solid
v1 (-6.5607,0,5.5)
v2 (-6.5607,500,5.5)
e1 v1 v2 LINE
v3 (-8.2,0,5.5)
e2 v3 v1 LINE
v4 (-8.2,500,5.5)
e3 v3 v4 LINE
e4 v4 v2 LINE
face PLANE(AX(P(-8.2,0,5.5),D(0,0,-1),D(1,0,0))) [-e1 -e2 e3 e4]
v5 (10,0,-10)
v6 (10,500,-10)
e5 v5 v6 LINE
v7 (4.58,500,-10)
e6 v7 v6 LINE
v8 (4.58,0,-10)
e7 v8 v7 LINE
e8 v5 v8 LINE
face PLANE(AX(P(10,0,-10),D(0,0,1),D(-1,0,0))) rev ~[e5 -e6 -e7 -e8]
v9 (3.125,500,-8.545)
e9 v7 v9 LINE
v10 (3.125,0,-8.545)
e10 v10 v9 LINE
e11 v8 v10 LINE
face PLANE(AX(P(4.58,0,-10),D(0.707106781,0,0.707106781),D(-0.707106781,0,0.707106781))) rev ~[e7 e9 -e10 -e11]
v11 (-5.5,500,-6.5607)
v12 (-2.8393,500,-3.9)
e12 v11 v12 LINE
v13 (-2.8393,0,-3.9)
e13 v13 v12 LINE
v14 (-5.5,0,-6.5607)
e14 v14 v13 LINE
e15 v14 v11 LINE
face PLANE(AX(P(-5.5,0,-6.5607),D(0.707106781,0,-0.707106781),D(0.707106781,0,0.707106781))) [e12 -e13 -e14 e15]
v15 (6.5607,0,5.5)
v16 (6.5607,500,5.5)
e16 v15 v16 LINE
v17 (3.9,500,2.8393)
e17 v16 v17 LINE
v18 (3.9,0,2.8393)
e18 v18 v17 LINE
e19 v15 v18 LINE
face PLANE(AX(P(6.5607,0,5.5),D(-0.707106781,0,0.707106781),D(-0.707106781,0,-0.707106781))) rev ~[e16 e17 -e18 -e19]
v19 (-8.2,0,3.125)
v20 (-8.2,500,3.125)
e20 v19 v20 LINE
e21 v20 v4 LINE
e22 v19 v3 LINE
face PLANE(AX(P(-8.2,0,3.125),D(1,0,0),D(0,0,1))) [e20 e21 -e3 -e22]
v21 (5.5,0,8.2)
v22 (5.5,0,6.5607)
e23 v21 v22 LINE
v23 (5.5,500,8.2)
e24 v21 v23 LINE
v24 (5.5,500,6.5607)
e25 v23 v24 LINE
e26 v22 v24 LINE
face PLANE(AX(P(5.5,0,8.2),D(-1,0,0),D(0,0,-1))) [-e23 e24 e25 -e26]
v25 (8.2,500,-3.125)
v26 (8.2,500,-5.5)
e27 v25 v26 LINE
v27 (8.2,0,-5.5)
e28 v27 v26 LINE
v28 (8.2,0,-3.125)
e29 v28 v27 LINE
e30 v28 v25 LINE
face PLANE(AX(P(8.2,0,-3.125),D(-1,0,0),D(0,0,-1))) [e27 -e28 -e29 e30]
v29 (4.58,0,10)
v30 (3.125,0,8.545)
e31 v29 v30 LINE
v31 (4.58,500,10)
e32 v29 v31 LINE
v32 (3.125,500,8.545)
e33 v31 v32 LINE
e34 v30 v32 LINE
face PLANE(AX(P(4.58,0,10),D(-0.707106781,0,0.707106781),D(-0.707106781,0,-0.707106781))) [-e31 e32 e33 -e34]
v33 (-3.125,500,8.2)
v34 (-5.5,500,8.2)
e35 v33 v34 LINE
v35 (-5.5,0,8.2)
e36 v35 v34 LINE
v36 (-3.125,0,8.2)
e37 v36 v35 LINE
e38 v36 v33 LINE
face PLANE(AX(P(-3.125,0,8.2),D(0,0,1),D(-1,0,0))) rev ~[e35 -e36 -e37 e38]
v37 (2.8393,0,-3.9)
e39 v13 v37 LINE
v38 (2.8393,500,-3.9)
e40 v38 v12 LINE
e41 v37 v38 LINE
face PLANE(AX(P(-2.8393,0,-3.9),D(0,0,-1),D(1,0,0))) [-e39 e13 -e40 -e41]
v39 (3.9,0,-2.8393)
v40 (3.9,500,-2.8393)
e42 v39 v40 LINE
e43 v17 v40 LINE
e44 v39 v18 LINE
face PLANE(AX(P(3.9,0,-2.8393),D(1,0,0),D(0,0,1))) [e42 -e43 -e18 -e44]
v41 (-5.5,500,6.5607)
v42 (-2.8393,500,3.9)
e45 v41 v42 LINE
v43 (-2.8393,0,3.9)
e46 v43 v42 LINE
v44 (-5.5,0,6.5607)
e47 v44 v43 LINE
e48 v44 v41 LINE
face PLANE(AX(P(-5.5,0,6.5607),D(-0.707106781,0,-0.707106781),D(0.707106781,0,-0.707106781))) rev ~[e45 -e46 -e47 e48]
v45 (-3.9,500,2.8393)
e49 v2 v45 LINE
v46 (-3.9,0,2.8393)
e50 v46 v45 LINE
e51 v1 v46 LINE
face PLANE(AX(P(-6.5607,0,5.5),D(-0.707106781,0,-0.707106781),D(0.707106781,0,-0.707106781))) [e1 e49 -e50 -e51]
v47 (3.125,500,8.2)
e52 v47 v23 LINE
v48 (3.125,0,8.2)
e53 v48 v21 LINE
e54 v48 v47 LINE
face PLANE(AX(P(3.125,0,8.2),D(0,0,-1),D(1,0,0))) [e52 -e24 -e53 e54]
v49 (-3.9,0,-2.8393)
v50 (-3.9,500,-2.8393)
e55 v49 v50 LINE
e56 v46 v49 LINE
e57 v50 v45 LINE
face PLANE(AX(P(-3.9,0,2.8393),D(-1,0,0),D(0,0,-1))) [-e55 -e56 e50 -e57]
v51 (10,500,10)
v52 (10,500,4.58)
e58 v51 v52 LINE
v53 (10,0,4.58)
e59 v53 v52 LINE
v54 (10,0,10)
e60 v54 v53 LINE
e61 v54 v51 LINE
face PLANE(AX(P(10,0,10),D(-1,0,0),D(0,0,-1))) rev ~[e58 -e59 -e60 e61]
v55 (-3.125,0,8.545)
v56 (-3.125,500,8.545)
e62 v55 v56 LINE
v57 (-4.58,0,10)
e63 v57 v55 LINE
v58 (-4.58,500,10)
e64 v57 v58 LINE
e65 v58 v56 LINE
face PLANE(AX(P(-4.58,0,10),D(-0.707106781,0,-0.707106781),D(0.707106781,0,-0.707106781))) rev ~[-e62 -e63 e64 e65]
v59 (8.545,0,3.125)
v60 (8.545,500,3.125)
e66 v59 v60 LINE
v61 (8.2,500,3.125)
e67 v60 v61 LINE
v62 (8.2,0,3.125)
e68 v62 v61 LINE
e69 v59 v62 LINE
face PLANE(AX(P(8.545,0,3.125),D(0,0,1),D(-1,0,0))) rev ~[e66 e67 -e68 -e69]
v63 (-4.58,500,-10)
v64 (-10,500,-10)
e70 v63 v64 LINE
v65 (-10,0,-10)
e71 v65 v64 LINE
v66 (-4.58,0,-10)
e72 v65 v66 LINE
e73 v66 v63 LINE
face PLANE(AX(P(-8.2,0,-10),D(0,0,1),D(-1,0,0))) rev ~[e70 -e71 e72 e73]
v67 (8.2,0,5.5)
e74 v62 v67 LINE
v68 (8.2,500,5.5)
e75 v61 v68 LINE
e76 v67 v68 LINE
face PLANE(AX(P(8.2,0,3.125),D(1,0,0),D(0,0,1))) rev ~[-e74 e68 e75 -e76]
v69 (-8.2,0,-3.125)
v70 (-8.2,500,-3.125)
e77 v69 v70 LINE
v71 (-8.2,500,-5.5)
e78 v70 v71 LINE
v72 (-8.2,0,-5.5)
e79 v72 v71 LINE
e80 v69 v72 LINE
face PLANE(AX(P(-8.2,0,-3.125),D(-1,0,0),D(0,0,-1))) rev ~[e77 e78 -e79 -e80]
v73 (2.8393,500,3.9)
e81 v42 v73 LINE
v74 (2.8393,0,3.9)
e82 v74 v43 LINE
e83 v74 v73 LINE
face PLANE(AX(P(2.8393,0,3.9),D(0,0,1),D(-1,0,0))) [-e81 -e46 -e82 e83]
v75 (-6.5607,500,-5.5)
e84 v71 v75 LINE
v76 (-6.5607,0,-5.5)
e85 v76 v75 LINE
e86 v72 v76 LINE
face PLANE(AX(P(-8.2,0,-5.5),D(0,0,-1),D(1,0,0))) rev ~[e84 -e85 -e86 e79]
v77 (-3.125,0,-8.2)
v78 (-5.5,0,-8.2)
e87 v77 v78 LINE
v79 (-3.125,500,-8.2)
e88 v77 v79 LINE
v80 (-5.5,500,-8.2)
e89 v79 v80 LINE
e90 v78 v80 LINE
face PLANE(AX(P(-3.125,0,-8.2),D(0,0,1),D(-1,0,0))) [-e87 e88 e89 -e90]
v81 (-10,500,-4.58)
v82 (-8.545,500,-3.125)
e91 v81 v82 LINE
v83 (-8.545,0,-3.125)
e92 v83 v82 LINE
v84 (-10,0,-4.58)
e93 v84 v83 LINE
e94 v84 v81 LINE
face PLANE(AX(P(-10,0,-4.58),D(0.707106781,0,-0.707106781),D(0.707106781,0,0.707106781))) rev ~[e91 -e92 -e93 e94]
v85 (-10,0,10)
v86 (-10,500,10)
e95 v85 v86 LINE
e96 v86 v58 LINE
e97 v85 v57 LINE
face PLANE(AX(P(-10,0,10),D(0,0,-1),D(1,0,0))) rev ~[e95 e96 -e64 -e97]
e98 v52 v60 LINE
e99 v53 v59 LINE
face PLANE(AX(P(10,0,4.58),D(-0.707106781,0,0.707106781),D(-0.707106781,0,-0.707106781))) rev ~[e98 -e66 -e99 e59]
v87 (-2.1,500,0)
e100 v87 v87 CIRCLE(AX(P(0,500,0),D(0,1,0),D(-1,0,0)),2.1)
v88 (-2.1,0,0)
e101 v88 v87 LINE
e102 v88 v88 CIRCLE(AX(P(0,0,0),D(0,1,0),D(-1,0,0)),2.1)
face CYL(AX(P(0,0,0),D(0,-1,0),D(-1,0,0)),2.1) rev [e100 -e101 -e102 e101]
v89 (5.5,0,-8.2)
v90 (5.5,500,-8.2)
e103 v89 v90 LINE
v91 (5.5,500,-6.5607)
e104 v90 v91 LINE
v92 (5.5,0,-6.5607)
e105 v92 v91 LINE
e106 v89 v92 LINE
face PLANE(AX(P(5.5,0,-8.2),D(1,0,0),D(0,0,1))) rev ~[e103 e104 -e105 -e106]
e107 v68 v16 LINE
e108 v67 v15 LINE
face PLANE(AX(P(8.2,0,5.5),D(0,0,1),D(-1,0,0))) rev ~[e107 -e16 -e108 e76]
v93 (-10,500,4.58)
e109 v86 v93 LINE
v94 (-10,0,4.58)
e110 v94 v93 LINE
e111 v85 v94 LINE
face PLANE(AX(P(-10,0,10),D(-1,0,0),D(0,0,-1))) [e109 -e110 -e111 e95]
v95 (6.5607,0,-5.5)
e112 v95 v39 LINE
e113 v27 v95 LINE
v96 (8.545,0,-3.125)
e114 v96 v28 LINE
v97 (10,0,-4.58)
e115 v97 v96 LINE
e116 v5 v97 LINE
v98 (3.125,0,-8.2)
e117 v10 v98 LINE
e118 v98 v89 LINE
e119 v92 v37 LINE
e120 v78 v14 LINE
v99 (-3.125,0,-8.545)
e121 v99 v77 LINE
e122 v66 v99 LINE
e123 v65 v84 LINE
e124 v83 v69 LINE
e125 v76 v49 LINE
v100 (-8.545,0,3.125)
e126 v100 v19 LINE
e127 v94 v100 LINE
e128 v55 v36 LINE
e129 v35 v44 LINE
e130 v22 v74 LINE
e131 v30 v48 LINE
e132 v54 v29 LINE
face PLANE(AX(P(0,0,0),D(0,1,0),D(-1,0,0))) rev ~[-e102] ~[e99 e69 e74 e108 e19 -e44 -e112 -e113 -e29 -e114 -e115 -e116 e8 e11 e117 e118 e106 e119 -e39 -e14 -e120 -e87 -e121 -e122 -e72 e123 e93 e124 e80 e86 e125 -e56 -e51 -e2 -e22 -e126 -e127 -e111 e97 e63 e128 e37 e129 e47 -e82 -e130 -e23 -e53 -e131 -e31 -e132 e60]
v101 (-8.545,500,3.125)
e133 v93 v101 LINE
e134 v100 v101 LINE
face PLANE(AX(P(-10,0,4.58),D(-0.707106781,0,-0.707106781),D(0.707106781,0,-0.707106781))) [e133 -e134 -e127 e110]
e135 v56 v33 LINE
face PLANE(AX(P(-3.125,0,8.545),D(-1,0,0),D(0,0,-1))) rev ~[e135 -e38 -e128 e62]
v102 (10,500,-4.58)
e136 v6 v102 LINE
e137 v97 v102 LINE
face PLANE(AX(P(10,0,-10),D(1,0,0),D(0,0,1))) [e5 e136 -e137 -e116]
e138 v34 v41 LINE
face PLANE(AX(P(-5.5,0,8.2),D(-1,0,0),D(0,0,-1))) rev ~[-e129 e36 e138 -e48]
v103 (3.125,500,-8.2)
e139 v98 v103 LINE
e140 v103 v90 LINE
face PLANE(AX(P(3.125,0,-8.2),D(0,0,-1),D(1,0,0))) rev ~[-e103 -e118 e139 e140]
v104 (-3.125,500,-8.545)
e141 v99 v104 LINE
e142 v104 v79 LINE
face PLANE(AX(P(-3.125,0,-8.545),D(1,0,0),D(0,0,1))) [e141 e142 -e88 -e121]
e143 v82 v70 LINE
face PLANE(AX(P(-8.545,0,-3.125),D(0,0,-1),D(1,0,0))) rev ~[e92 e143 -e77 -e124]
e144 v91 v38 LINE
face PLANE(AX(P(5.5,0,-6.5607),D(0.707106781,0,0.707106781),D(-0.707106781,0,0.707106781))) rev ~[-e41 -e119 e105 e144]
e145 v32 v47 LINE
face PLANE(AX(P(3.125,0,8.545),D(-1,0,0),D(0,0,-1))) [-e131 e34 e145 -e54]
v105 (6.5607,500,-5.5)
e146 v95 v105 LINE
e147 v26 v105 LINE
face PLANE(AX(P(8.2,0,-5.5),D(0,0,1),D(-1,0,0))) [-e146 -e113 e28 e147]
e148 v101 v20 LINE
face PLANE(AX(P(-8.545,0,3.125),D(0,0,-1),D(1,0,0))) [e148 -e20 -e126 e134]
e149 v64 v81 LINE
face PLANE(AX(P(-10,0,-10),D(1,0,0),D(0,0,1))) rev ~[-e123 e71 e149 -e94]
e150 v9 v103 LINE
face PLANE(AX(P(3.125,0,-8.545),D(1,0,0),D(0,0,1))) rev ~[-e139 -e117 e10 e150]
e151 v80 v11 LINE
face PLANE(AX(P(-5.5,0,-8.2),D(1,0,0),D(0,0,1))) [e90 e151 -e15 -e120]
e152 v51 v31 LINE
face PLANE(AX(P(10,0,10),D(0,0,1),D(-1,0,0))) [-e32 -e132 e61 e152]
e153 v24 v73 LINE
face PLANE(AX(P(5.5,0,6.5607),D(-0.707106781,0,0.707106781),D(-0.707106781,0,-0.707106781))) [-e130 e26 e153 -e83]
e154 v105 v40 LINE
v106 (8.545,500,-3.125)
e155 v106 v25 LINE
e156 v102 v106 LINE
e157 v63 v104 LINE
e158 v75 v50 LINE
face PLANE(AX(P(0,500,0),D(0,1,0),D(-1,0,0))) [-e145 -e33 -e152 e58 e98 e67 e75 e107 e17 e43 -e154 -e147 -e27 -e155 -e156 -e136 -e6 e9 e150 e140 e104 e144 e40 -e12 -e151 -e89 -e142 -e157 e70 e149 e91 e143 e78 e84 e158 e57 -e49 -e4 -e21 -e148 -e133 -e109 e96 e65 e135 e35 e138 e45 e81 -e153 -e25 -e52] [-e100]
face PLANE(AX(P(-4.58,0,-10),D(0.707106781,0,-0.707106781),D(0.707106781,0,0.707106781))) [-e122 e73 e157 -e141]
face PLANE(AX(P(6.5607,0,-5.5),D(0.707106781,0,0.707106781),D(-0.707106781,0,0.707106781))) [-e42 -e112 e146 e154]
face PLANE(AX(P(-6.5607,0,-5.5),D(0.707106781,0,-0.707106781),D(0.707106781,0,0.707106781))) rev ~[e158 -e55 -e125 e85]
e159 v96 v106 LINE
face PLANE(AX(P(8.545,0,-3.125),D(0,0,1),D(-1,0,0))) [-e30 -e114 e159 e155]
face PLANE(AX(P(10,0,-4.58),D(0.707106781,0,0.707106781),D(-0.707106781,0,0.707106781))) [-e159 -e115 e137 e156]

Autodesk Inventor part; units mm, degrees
sketch "Sketch1" plane through (0, 0, 0) normal (0, 1, 0) x (-1, 0, 0)
  circle A0 centre (0, 0) radius 2.1
  line L0 (10, 10) -> (-10, 10) construction
  line L1 (-10, 10) -> (-10, -10) construction
  line L2 (-10, -10) -> (10, -10)
  line L3 (10, -10) -> (10, 10) construction
  line L4 (10, 10) -> (-10, -10) construction
  line L5 (-10, 10) -> (10, -10) construction
  line L6 (8.2, 10) -> (8.2, -10) construction
  line L7 (3.9, 10) -> (3.9, -10) construction
  line L8 (8.2, 3.125) -> (8.2, -3.125) construction
  line L9 (10, 4.58) -> (10, -4.58) construction
  line L10 (8.2, 5.5) -> (8.2, -5.5) construction
  line L11 (3.3697, 4.4303) -> (4.4303, 3.3697) construction
  line L12 (10, 10) -> (10, 4.58)
  line L13 (10, 4.58) -> (8.545, 3.125)
  line L14 (8.545, 3.125) -> (8.2, 3.125)
  line L15 (8.2, 3.125) -> (8.2, 5.5)
  line L16 (14, 0) -> (-14, 0) construction
  line L17 (8.2, 5.5) -> (6.5607, 5.5)
  line L18 (6.5607, 5.5) -> (3.9, 2.8393)
  line L19 (3.9, 2.8393) -> (3.9, 0)
  line L20 (10, -10) -> (10, -4.58)
  line L21 (10, -4.58) -> (8.545, -3.125)
  line L22 (8.545, -3.125) -> (8.2, -3.125)
  line L23 (8.2, -3.125) -> (8.2, -5.5)
  line L24 (8.2, -5.5) -> (6.5607, -5.5)
  line L25 (6.5607, -5.5) -> (3.9, -2.8393)
  line L26 (3.9, -2.8393) -> (3.9, 0)
  line L27 (-10, 10) -> (-4.58, 10)
  line L28 (-4.58, 10) -> (-3.125, 8.545)
  line L29 (-3.125, 8.2) -> (-5.5, 8.2)
  line L30 (-5.5, 8.2) -> (-5.5, 6.5607)
  line L31 (-5.5, 6.5607) -> (-2.8393, 3.9)
  line L32 (-2.8393, 3.9) -> (0, 3.9)
  line L33 (2.8393, 3.9) -> (0, 3.9)
  line L34 (5.5, 6.5607) -> (2.8393, 3.9)
  line L35 (5.5, 8.2) -> (5.5, 6.5607)
  line L36 (3.125, 8.2) -> (5.5, 8.2)
  line L37 (3.125, 8.545) -> (3.125, 8.2)
  line L38 (4.58, 10) -> (3.125, 8.545)
  line L39 (-3.125, 8.545) -> (-3.125, 8.2)
  line L40 (10, 10) -> (4.58, 10)
  line L41 (-10, -10) -> (-10, -4.58)
  line L42 (-10, -4.58) -> (-8.545, -3.125)
  line L43 (-8.2, -3.125) -> (-8.2, -5.5)
  line L44 (-8.2, -5.5) -> (-6.5607, -5.5)
  line L45 (-6.5607, -5.5) -> (-3.9, -2.8393)
  line L46 (-3.9, -2.8393) -> (-3.9, 0)
  line L47 (-3.9, 2.8393) -> (-3.9, 0)
  line L48 (-6.5607, 5.5) -> (-3.9, 2.8393)
  line L49 (-8.2, 5.5) -> (-6.5607, 5.5)
  line L50 (-8.2, 3.125) -> (-8.2, 5.5)
  line L51 (-8.545, 3.125) -> (-8.2, 3.125)
  line L52 (-10, 4.58) -> (-8.545, 3.125)
  line L53 (-8.545, -3.125) -> (-8.2, -3.125)
  line L54 (-10, 10) -> (-10, 4.58)
  line L55 (10, -10) -> (4.58, -10) construction
  line L56 (4.58, -10) -> (3.125, -8.545)
  line L57 (3.125, -8.2) -> (5.5, -8.2)
  line L58 (5.5, -8.2) -> (5.5, -6.5607)
  line L59 (5.5, -6.5607) -> (2.8393, -3.9)
  line L60 (2.8393, -3.9) -> (0, -3.9)
  line L61 (-2.8393, -3.9) -> (0, -3.9)
  line L62 (-5.5, -6.5607) -> (-2.8393, -3.9)
  line L63 (-5.5, -8.2) -> (-5.5, -6.5607)
  line L64 (-3.125, -8.2) -> (-5.5, -8.2)
  line L65 (-3.125, -8.545) -> (-3.125, -8.2)
  line L66 (-4.58, -10) -> (-3.125, -8.545)
  line L67 (3.125, -8.545) -> (3.125, -8.2)
  line L68 (-10, -10) -> (-4.58, -10) construction
  line L69 (5.5, -6.5607) -> (6.2393, -7.3)
  line L70 (6.2393, -7.3) -> (8.2, -7.3)
  line L71 (0, -10) -> (0, -9) construction
  line L72 (-5.5, -6.5607) -> (-6.2393, -7.3)
  line L73 (-6.2393, -7.3) -> (-8.2, -7.3)
  line L74 (8.2, -7.3) -> (8.2, -10)
  line L75 (-8.2, -7.3) -> (-8.2, -10)
  circle A1 centre (0, -20) radius 2.1
  line L76 (10, -30) -> (10, -24.58)
  line L77 (10, -24.58) -> (8.545, -23.125)
  line L78 (8.545, -23.125) -> (8.2, -23.125)
  line L79 (8.2, -23.125) -> (8.2, -25.5)
  line L80 (8.2, -25.5) -> (6.5607, -25.5)
  line L81 (6.5607, -25.5) -> (3.9, -22.8393)
  line L82 (3.9, -22.8393) -> (3.9, -20)
  line L83 (10, -10) -> (10, -15.42)
  line L84 (10, -15.42) -> (8.545, -16.875)
  line L85 (8.2, -16.875) -> (8.2, -14.5)
  line L86 (8.2, -14.5) -> (6.5607, -14.5)
  line L87 (6.5607, -14.5) -> (3.9, -17.1607)
  line L88 (3.9, -17.1607) -> (3.9, -20)
  line L89 (-10, -30) -> (-4.58, -30)
  line L90 (-4.58, -30) -> (-3.125, -28.545)
  line L91 (-3.125, -28.2) -> (-5.5, -28.2)
  line L92 (-5.5, -28.2) -> (-5.5, -26.5607)
  line L93 (-5.5, -26.5607) -> (-2.8393, -23.9)
  line L94 (-2.8393, -23.9) -> (0, -23.9)
  line L95 (2.8393, -23.9) -> (0, -23.9)
  line L96 (5.5, -26.5607) -> (2.8393, -23.9)
  line L97 (5.5, -28.2) -> (5.5, -26.5607)
  line L98 (3.125, -28.2) -> (5.5, -28.2)
  line L99 (3.125, -28.545) -> (3.125, -28.2)
  line L100 (4.58, -30) -> (3.125, -28.545)
  line L101 (-3.125, -28.545) -> (-3.125, -28.2)
  line L102 (10, -30) -> (4.58, -30)
  line L103 (-10, -10) -> (-10, -15.42)
  line L104 (-10, -15.42) -> (-8.545, -16.875)
  line L105 (-8.2, -16.875) -> (-8.2, -14.5)
  line L106 (-8.2, -14.5) -> (-6.5607, -14.5)
  line L107 (-6.5607, -14.5) -> (-3.9, -17.1607)
  line L108 (-3.9, -17.1607) -> (-3.9, -20)
  line L109 (-3.9, -22.8393) -> (-3.9, -20)
  line L110 (-6.5607, -25.5) -> (-3.9, -22.8393)
  line L111 (-8.2, -25.5) -> (-6.5607, -25.5)
  line L112 (-8.2, -23.125) -> (-8.2, -25.5)
  line L113 (-8.545, -23.125) -> (-8.2, -23.125)
  line L114 (-10, -24.58) -> (-8.545, -23.125)
  line L115 (-8.545, -16.875) -> (-8.2, -16.875)
  line L116 (-10, -30) -> (-10, -24.58)
  line L117 (5.5, -13.4393) -> (2.8393, -16.1)
  line L118 (2.8393, -16.1) -> (0, -16.1)
  line L119 (-2.8393, -16.1) -> (0, -16.1)
  line L120 (-5.5, -13.4393) -> (-2.8393, -16.1)
  line L121 (5.5, -13.4393) -> (6.2393, -12.7)
  line L122 (6.2393, -12.7) -> (8.2, -12.7)
  line L123 (-5.5, -13.4393) -> (-6.2393, -12.7)
  line L124 (-6.2393, -12.7) -> (-8.2, -12.7)
  line L125 (8.2, -12.7) -> (8.2, -10)
  line L126 (-8.2, -12.7) -> (-8.2, -10)
  line L127 (8.545, -16.875) -> (8.2, -16.875)
  point P0 (10, 0)
  point P1 (8.2, 0)
  point P2 (3.9, 3.9)
  point P3 (-3.3697, 4.4303)
  point P4 (-4.4303, -3.3697)
  point P5 (3.3697, -4.4303)
  dimension "d0" = 4.2
  dimension "d1" = 20
  dimension "d2" = 20
  dimension "d3" = 1.8
  dimension "d4" = 4.3
  dimension "d5" = 6.25
  dimension "d6" = 9.16
  dimension "d7" = 11
  dimension "d8" = 1.5
  dimension "d9" = 45
  dimension "d12" = 360
  dimension "d17" = 1.8
  dimension "d18" = 1
extrude "Extrusion1" add sketch "Sketch1" along normal blind 500 contours L41 L42 L53 L43 L44 L45 L46 L47 L48 L49 L50 L51 L52 L54 L27 L28 L39 L29 L30 L31 L32 L33 L34 L35 L36 L37 L38 L40 L12 L13 L14 L15 L17 L18 L19 L26 L25 L24 L23 L22 L21 L20 L2 L74 L70 L69 L59 L60 L61 L62 L72 L73 L75 | L75 L73 L72 L63 L64 L65 L66 L2 | L56 L67 L57 L58 L69 L70 L74 L2
ref_plane "Work Plane1" through (-2.8393, 0, 0) normal (0, 0, -1) x (-1, 0, 0)
ref_plane "Work Plane2" through (0, 0, 4.58) normal (1, 0, 0) x (0, 0, -1)
ref_plane "Work Plane3" through (0, 250, 0) normal (0, 1, 0) x (1, 0, 0)
ref_plane "Work Plane5" through (0, 250, 0) normal (0, -1, 0) x (1, 0, 0)
ref_plane "Work Plane7" through (0, 0, 4.58) normal (1, 0, 0) x (0, 0, -1)
properties part number "VSLOT 2040 Extrusion x 1m" material "Aluminum 6061"
